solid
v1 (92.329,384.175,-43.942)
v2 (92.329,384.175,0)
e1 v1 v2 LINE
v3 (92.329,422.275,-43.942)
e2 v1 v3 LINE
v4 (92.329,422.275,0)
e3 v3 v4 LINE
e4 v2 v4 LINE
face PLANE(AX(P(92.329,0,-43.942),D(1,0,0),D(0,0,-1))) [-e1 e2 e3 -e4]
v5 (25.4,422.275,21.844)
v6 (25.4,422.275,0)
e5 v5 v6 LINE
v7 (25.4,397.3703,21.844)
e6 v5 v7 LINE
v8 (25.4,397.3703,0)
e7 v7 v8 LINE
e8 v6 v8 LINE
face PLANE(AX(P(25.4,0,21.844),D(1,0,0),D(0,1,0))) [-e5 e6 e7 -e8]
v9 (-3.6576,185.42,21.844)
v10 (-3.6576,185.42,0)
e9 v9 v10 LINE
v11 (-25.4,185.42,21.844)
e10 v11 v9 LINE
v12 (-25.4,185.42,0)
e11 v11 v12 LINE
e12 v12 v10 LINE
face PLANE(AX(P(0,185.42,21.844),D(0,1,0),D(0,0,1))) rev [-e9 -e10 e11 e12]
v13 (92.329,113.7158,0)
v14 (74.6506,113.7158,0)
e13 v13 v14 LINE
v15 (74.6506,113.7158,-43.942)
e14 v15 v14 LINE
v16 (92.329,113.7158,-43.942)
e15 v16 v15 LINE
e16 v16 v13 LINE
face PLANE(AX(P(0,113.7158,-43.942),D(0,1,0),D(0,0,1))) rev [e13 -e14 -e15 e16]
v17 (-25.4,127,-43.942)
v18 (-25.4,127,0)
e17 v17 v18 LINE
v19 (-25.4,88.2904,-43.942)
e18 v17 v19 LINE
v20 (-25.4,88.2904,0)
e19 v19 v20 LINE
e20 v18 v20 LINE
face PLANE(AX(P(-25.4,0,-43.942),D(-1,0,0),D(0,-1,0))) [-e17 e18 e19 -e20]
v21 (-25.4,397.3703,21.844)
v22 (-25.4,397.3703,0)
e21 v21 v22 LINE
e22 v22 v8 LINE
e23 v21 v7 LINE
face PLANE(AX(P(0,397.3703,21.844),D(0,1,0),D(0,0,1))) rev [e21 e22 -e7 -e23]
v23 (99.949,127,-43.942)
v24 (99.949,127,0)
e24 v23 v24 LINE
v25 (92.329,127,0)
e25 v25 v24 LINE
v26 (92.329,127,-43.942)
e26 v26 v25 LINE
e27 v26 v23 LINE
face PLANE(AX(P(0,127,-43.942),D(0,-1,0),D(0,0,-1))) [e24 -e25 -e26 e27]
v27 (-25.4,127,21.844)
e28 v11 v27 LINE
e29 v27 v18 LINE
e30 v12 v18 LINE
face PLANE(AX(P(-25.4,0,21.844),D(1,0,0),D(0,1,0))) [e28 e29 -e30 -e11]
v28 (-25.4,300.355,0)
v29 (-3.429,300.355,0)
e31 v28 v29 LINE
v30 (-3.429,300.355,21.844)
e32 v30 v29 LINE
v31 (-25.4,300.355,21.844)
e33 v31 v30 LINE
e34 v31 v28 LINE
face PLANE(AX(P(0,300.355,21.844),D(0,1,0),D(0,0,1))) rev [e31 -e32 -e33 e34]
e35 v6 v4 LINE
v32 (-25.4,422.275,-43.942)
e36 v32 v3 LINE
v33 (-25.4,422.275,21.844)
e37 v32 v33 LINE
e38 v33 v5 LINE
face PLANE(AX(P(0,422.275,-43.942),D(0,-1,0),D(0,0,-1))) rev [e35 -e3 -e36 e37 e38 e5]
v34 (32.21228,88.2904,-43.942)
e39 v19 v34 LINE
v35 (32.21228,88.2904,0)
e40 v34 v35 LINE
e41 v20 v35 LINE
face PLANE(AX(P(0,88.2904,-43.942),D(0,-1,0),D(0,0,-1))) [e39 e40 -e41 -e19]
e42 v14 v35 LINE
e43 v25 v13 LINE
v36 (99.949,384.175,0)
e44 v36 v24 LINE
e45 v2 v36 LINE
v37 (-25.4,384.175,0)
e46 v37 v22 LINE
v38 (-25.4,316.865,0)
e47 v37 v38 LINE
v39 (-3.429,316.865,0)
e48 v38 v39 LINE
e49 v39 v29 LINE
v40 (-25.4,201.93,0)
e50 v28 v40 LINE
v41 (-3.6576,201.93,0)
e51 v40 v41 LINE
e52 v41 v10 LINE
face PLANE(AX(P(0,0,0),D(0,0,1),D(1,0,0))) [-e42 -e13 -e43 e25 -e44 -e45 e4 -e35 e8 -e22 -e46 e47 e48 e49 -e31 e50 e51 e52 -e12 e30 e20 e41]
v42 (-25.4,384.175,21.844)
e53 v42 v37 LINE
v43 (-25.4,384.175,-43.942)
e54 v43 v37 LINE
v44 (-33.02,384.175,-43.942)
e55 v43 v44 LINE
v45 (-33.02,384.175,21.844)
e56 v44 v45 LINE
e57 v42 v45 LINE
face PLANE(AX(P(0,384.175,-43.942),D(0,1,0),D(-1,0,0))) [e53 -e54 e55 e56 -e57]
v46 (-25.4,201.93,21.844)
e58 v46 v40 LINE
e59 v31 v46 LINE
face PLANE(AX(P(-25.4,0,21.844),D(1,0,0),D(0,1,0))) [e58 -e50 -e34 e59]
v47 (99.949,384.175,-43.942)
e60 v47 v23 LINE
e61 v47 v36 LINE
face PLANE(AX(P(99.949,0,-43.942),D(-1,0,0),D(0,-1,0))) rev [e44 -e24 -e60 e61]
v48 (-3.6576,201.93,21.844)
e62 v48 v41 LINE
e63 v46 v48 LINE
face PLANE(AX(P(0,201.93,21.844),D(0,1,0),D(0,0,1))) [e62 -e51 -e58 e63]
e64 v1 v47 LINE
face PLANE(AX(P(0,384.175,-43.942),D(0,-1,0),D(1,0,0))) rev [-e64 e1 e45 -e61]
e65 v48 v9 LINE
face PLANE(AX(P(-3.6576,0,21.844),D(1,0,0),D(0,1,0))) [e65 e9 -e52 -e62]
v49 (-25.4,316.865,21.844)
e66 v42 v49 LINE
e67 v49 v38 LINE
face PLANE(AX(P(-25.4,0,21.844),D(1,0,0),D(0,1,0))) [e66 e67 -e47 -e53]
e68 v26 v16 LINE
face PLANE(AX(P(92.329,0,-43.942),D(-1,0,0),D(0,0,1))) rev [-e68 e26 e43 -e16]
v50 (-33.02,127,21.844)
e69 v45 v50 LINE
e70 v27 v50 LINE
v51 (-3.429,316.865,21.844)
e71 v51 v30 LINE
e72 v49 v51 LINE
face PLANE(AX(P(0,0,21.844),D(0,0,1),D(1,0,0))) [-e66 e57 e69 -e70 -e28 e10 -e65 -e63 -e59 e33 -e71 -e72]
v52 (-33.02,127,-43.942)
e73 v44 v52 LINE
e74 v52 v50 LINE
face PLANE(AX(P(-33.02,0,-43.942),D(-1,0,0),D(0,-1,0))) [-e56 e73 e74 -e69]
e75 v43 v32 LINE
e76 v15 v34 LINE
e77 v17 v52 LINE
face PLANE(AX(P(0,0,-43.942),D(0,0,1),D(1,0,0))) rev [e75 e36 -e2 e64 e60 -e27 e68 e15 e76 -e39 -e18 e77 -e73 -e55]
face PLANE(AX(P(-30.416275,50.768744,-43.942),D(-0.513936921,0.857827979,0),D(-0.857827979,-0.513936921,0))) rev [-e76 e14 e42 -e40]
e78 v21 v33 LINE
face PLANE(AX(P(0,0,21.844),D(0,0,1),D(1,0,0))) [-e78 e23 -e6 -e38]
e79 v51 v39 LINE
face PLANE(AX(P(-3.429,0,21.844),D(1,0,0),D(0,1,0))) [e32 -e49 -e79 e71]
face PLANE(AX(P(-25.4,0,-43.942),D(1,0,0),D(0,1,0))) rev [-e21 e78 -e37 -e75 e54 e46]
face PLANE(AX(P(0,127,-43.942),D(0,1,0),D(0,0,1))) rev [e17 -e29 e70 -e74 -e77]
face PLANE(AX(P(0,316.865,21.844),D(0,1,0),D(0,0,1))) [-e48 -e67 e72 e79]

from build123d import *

# Parameters (mm, degrees)
BOSS_EXTRUDE1_DEPTH = 43.942
SKETCH2_6_W         = 50.8
SKETCH2_6_H         = 24.9047
BOSS_EXTRUDE3_DEPTH = 21.844


with BuildPart() as part:
    # Sketch2 → Boss-Extrude1 (new body)
    with BuildSketch(Plane.XY):
        Polygon((-25.4, 384.175), (-33.02, 384.175), (-33.02, 127), (-25.4, 127), (-25.4, 88.2904), (32.21228, 88.2904), (74.6506, 113.7158), (92.329, 113.7158), (92.329, 127), (99.949, 127), (99.949, 384.175), (92.329, 384.175), (92.329, 422.275), (-25.4, 422.275), align=None)
    extrude(amount=-BOSS_EXTRUDE1_DEPTH)

    # Sketch2<6> → Boss-Extrude3 (add)
    with BuildSketch(Plane.XY):
        Polygon((-25.4, 316.865), (-25.4, 384.175), (-33.02, 384.175), (-33.02, 127), (-25.4, 127), (-25.4, 185.42), (-3.6576, 185.42), (-3.6576, 201.93), (-25.4, 201.93), (-25.4, 300.355), (-3.429, 300.355), (-3.429, 316.865), align=None)
        with Locations((0, 409.82265)):
            Rectangle(SKETCH2_6_W, SKETCH2_6_H)
    extrude(amount=BOSS_EXTRUDE3_DEPTH)


solid = part.part
